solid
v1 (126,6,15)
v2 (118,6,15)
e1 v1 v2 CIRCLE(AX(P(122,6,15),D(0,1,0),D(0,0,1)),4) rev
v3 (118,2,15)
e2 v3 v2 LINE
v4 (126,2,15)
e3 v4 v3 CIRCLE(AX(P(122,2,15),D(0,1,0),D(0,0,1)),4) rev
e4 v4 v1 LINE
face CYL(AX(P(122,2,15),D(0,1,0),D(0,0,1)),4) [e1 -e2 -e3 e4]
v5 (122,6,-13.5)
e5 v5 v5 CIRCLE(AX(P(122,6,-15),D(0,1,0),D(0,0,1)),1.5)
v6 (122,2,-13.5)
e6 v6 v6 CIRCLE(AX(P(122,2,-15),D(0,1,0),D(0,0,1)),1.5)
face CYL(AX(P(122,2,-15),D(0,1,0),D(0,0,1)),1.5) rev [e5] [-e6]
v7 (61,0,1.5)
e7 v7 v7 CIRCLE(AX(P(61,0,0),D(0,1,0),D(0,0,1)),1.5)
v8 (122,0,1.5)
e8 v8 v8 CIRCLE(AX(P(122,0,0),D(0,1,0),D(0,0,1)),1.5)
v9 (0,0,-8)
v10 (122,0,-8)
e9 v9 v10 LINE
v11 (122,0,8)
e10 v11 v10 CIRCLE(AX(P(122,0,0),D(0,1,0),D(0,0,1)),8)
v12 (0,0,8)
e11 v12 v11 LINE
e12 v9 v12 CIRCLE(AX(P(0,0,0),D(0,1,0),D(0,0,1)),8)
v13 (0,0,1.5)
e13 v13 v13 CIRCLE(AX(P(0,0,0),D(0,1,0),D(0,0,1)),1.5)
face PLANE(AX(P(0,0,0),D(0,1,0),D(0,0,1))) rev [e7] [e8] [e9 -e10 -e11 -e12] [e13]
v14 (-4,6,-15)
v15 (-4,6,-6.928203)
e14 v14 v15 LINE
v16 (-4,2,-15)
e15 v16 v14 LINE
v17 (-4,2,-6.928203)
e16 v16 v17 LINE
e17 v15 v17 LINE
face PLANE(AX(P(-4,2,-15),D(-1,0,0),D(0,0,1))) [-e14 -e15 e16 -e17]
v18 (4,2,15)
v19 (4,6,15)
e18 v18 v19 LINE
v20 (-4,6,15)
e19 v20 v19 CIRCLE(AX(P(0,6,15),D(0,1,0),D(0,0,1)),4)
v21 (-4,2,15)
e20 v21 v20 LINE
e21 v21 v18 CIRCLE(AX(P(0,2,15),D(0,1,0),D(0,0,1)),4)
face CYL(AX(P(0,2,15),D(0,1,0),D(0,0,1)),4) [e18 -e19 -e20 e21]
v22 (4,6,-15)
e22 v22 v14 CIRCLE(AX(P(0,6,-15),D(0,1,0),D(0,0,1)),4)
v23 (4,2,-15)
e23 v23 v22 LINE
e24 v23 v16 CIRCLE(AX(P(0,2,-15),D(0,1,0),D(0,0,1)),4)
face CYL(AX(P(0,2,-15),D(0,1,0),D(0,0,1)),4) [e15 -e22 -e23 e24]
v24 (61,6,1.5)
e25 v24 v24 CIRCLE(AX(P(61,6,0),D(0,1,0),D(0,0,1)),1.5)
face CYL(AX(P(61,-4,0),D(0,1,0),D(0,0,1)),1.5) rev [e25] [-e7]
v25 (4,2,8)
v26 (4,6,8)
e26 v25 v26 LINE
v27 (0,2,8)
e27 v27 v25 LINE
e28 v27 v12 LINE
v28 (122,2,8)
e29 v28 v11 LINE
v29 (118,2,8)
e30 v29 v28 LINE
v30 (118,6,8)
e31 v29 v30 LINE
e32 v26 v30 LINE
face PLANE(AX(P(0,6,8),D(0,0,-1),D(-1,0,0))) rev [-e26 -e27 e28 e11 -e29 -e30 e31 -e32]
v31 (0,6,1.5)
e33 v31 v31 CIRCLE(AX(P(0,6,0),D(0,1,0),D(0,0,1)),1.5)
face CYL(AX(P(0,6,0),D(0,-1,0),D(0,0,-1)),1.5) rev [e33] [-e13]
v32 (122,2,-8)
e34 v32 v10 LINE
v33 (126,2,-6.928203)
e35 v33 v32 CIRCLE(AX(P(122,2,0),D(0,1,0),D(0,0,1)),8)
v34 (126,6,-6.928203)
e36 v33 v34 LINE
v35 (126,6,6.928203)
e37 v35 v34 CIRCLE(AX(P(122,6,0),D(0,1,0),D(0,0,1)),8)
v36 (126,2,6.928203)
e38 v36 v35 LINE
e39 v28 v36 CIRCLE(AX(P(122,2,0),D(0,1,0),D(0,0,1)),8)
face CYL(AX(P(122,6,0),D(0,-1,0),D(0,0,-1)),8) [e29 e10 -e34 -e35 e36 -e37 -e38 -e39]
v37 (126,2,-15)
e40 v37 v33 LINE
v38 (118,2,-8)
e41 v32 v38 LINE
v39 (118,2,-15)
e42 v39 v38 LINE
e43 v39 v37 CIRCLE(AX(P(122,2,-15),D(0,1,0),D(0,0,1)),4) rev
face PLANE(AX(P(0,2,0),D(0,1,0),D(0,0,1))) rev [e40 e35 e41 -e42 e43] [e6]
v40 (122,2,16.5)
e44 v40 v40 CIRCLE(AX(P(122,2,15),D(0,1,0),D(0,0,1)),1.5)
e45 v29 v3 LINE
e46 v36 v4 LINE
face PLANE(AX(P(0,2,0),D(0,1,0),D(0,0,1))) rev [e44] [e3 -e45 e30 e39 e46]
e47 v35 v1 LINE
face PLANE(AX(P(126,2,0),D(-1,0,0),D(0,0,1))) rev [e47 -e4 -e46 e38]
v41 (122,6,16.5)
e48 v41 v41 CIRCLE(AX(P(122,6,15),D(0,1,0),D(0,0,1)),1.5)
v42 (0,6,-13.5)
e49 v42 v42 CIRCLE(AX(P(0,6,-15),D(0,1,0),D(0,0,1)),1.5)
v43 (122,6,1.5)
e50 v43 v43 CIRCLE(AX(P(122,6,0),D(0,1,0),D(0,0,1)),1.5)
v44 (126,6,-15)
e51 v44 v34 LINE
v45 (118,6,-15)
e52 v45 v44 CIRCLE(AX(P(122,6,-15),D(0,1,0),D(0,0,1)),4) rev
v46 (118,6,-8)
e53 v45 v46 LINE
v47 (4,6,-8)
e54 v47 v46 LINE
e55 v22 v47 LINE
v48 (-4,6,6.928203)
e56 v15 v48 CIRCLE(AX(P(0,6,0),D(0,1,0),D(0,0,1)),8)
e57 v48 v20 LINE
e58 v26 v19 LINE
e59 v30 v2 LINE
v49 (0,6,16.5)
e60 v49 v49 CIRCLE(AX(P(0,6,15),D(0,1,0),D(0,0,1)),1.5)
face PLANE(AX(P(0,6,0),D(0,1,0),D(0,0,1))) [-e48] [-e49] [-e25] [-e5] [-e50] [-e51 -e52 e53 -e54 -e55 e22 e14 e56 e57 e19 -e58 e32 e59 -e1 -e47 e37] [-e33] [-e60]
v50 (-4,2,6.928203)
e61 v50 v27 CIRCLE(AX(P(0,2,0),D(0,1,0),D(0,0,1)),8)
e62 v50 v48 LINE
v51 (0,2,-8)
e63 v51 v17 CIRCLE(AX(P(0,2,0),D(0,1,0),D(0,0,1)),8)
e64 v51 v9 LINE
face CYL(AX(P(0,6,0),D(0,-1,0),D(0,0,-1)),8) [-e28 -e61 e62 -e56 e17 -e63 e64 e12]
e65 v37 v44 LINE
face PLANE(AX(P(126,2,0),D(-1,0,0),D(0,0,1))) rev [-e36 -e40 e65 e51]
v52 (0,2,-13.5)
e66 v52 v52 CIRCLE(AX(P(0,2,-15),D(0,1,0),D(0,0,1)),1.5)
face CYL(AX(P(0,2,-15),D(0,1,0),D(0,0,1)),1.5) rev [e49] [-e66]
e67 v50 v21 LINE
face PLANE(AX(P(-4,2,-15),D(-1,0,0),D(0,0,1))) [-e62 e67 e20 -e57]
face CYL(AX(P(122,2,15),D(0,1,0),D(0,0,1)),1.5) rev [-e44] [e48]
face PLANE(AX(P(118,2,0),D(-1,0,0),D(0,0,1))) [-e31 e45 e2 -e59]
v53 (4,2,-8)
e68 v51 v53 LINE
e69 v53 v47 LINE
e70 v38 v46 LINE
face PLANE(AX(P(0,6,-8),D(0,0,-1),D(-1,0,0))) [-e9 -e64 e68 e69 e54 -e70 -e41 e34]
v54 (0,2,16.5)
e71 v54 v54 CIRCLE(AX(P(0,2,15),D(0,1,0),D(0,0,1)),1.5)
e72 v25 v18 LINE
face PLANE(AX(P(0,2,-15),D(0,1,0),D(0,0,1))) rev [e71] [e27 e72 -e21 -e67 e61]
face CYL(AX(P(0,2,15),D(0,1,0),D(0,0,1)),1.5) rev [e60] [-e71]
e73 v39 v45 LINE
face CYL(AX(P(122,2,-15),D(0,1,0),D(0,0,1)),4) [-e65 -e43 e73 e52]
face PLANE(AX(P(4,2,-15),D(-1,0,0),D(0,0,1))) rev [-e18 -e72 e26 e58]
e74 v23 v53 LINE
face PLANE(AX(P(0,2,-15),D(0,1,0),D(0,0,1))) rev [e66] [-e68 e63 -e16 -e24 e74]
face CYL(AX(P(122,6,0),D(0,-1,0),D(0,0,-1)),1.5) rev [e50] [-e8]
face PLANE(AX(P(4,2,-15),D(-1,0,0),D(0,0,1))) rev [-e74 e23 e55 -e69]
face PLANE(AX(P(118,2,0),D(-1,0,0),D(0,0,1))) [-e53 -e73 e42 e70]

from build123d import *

# Parameters (mm, degrees)
SKETCH1_R           = 1.5
BOSS_EXTRUDE1_DEPTH = 6
SKETCH2_R           = 1.5
BOSS_EXTRUDE2_DEPTH = 4
SKETCH3_R           = 1.5
CUT_EXTRUDE1_DEPTH  = 10


with BuildPart() as part:
    # Sketch1 → Boss-Extrude1 (new body)
    with BuildSketch(Plane(origin=(0, 0, 0), x_dir=(1, 0, 0), z_dir=(0, 1, 0))):
        with BuildLine():
            Line((0, 8), (122, 8))
            ThreePointArc((122, 8), (130, 0), (122, -8))
            Line((122, -8), (0, -8))
            ThreePointArc((0, -8), (-8, 0), (0, 8))
        make_face()
        Circle(SKETCH1_R, mode=Mode.SUBTRACT)
        with Locations((122, 0)):
            Circle(SKETCH1_R, mode=Mode.SUBTRACT)
    extrude(amount=BOSS_EXTRUDE1_DEPTH)

    # Sketch2 → Boss-Extrude2 (add)
    with BuildSketch(Plane(origin=(0, 6, 0), x_dir=(1, 0, 0), z_dir=(0, 1, 0))):
        with BuildLine():
            Line((4, 8), (4, 15))
            ThreePointArc((4, 15), (0, 19), (-4, 15))
            Line((-4, 15), (-4, 6.92820323))
            ThreePointArc((-4, 6.92820323), (-2.070552361, 7.72740661), (0, 8))
            Line((0, 8), (4, 8))
        make_face()
        with Locations((0, 15)):
            Circle(SKETCH2_R, mode=Mode.SUBTRACT)
        with BuildLine():
            Line((4, -15), (4, -8))
            Line((4, -8), (0, -8))
            ThreePointArc((0, -8), (-2.070552361, -7.72740661), (-4, -6.92820323))
            Line((-4, -6.92820323), (-4, -15))
            ThreePointArc((-4, -15), (0, -19), (4, -15))
        make_face()
        with Locations((0, -15)):
            Circle(SKETCH2_R, mode=Mode.SUBTRACT)
        with BuildLine():
            Line((118, 15), (118, 8))
            Line((118, 8), (122, 8))
            ThreePointArc((122, 8), (124.070552361, 7.72740661), (126, 6.92820323))
            Line((126, 6.92820323), (126, 15))
            ThreePointArc((126, 15), (122, 19), (118, 15))
        make_face()
        with Locations((122, 15)):
            Circle(SKETCH2_R, mode=Mode.SUBTRACT)
        with BuildLine():
            Line((122, -8), (118, -8))
            Line((118, -8), (118, -15))
            ThreePointArc((118, -15), (122, -19), (126, -15))
            Line((126, -15), (126, -6.92820323))
            ThreePointArc((126, -6.92820323), (124.070552361, -7.72740661), (122, -8))
        make_face()
        with Locations((122, -15)):
            Circle(SKETCH2_R, mode=Mode.SUBTRACT)
    extrude(amount=-BOSS_EXTRUDE2_DEPTH)

    # Sketch3 → Cut-Extrude1 (cut)
    with BuildSketch(Plane(origin=(0, 6, 0), x_dir=(1, 0, 0), z_dir=(0, 1, 0))):
        with Locations((61, 0)):
            Circle(SKETCH3_R)
    extrude(amount=-CUT_EXTRUDE1_DEPTH, mode=Mode.SUBTRACT)


solid = part.part
